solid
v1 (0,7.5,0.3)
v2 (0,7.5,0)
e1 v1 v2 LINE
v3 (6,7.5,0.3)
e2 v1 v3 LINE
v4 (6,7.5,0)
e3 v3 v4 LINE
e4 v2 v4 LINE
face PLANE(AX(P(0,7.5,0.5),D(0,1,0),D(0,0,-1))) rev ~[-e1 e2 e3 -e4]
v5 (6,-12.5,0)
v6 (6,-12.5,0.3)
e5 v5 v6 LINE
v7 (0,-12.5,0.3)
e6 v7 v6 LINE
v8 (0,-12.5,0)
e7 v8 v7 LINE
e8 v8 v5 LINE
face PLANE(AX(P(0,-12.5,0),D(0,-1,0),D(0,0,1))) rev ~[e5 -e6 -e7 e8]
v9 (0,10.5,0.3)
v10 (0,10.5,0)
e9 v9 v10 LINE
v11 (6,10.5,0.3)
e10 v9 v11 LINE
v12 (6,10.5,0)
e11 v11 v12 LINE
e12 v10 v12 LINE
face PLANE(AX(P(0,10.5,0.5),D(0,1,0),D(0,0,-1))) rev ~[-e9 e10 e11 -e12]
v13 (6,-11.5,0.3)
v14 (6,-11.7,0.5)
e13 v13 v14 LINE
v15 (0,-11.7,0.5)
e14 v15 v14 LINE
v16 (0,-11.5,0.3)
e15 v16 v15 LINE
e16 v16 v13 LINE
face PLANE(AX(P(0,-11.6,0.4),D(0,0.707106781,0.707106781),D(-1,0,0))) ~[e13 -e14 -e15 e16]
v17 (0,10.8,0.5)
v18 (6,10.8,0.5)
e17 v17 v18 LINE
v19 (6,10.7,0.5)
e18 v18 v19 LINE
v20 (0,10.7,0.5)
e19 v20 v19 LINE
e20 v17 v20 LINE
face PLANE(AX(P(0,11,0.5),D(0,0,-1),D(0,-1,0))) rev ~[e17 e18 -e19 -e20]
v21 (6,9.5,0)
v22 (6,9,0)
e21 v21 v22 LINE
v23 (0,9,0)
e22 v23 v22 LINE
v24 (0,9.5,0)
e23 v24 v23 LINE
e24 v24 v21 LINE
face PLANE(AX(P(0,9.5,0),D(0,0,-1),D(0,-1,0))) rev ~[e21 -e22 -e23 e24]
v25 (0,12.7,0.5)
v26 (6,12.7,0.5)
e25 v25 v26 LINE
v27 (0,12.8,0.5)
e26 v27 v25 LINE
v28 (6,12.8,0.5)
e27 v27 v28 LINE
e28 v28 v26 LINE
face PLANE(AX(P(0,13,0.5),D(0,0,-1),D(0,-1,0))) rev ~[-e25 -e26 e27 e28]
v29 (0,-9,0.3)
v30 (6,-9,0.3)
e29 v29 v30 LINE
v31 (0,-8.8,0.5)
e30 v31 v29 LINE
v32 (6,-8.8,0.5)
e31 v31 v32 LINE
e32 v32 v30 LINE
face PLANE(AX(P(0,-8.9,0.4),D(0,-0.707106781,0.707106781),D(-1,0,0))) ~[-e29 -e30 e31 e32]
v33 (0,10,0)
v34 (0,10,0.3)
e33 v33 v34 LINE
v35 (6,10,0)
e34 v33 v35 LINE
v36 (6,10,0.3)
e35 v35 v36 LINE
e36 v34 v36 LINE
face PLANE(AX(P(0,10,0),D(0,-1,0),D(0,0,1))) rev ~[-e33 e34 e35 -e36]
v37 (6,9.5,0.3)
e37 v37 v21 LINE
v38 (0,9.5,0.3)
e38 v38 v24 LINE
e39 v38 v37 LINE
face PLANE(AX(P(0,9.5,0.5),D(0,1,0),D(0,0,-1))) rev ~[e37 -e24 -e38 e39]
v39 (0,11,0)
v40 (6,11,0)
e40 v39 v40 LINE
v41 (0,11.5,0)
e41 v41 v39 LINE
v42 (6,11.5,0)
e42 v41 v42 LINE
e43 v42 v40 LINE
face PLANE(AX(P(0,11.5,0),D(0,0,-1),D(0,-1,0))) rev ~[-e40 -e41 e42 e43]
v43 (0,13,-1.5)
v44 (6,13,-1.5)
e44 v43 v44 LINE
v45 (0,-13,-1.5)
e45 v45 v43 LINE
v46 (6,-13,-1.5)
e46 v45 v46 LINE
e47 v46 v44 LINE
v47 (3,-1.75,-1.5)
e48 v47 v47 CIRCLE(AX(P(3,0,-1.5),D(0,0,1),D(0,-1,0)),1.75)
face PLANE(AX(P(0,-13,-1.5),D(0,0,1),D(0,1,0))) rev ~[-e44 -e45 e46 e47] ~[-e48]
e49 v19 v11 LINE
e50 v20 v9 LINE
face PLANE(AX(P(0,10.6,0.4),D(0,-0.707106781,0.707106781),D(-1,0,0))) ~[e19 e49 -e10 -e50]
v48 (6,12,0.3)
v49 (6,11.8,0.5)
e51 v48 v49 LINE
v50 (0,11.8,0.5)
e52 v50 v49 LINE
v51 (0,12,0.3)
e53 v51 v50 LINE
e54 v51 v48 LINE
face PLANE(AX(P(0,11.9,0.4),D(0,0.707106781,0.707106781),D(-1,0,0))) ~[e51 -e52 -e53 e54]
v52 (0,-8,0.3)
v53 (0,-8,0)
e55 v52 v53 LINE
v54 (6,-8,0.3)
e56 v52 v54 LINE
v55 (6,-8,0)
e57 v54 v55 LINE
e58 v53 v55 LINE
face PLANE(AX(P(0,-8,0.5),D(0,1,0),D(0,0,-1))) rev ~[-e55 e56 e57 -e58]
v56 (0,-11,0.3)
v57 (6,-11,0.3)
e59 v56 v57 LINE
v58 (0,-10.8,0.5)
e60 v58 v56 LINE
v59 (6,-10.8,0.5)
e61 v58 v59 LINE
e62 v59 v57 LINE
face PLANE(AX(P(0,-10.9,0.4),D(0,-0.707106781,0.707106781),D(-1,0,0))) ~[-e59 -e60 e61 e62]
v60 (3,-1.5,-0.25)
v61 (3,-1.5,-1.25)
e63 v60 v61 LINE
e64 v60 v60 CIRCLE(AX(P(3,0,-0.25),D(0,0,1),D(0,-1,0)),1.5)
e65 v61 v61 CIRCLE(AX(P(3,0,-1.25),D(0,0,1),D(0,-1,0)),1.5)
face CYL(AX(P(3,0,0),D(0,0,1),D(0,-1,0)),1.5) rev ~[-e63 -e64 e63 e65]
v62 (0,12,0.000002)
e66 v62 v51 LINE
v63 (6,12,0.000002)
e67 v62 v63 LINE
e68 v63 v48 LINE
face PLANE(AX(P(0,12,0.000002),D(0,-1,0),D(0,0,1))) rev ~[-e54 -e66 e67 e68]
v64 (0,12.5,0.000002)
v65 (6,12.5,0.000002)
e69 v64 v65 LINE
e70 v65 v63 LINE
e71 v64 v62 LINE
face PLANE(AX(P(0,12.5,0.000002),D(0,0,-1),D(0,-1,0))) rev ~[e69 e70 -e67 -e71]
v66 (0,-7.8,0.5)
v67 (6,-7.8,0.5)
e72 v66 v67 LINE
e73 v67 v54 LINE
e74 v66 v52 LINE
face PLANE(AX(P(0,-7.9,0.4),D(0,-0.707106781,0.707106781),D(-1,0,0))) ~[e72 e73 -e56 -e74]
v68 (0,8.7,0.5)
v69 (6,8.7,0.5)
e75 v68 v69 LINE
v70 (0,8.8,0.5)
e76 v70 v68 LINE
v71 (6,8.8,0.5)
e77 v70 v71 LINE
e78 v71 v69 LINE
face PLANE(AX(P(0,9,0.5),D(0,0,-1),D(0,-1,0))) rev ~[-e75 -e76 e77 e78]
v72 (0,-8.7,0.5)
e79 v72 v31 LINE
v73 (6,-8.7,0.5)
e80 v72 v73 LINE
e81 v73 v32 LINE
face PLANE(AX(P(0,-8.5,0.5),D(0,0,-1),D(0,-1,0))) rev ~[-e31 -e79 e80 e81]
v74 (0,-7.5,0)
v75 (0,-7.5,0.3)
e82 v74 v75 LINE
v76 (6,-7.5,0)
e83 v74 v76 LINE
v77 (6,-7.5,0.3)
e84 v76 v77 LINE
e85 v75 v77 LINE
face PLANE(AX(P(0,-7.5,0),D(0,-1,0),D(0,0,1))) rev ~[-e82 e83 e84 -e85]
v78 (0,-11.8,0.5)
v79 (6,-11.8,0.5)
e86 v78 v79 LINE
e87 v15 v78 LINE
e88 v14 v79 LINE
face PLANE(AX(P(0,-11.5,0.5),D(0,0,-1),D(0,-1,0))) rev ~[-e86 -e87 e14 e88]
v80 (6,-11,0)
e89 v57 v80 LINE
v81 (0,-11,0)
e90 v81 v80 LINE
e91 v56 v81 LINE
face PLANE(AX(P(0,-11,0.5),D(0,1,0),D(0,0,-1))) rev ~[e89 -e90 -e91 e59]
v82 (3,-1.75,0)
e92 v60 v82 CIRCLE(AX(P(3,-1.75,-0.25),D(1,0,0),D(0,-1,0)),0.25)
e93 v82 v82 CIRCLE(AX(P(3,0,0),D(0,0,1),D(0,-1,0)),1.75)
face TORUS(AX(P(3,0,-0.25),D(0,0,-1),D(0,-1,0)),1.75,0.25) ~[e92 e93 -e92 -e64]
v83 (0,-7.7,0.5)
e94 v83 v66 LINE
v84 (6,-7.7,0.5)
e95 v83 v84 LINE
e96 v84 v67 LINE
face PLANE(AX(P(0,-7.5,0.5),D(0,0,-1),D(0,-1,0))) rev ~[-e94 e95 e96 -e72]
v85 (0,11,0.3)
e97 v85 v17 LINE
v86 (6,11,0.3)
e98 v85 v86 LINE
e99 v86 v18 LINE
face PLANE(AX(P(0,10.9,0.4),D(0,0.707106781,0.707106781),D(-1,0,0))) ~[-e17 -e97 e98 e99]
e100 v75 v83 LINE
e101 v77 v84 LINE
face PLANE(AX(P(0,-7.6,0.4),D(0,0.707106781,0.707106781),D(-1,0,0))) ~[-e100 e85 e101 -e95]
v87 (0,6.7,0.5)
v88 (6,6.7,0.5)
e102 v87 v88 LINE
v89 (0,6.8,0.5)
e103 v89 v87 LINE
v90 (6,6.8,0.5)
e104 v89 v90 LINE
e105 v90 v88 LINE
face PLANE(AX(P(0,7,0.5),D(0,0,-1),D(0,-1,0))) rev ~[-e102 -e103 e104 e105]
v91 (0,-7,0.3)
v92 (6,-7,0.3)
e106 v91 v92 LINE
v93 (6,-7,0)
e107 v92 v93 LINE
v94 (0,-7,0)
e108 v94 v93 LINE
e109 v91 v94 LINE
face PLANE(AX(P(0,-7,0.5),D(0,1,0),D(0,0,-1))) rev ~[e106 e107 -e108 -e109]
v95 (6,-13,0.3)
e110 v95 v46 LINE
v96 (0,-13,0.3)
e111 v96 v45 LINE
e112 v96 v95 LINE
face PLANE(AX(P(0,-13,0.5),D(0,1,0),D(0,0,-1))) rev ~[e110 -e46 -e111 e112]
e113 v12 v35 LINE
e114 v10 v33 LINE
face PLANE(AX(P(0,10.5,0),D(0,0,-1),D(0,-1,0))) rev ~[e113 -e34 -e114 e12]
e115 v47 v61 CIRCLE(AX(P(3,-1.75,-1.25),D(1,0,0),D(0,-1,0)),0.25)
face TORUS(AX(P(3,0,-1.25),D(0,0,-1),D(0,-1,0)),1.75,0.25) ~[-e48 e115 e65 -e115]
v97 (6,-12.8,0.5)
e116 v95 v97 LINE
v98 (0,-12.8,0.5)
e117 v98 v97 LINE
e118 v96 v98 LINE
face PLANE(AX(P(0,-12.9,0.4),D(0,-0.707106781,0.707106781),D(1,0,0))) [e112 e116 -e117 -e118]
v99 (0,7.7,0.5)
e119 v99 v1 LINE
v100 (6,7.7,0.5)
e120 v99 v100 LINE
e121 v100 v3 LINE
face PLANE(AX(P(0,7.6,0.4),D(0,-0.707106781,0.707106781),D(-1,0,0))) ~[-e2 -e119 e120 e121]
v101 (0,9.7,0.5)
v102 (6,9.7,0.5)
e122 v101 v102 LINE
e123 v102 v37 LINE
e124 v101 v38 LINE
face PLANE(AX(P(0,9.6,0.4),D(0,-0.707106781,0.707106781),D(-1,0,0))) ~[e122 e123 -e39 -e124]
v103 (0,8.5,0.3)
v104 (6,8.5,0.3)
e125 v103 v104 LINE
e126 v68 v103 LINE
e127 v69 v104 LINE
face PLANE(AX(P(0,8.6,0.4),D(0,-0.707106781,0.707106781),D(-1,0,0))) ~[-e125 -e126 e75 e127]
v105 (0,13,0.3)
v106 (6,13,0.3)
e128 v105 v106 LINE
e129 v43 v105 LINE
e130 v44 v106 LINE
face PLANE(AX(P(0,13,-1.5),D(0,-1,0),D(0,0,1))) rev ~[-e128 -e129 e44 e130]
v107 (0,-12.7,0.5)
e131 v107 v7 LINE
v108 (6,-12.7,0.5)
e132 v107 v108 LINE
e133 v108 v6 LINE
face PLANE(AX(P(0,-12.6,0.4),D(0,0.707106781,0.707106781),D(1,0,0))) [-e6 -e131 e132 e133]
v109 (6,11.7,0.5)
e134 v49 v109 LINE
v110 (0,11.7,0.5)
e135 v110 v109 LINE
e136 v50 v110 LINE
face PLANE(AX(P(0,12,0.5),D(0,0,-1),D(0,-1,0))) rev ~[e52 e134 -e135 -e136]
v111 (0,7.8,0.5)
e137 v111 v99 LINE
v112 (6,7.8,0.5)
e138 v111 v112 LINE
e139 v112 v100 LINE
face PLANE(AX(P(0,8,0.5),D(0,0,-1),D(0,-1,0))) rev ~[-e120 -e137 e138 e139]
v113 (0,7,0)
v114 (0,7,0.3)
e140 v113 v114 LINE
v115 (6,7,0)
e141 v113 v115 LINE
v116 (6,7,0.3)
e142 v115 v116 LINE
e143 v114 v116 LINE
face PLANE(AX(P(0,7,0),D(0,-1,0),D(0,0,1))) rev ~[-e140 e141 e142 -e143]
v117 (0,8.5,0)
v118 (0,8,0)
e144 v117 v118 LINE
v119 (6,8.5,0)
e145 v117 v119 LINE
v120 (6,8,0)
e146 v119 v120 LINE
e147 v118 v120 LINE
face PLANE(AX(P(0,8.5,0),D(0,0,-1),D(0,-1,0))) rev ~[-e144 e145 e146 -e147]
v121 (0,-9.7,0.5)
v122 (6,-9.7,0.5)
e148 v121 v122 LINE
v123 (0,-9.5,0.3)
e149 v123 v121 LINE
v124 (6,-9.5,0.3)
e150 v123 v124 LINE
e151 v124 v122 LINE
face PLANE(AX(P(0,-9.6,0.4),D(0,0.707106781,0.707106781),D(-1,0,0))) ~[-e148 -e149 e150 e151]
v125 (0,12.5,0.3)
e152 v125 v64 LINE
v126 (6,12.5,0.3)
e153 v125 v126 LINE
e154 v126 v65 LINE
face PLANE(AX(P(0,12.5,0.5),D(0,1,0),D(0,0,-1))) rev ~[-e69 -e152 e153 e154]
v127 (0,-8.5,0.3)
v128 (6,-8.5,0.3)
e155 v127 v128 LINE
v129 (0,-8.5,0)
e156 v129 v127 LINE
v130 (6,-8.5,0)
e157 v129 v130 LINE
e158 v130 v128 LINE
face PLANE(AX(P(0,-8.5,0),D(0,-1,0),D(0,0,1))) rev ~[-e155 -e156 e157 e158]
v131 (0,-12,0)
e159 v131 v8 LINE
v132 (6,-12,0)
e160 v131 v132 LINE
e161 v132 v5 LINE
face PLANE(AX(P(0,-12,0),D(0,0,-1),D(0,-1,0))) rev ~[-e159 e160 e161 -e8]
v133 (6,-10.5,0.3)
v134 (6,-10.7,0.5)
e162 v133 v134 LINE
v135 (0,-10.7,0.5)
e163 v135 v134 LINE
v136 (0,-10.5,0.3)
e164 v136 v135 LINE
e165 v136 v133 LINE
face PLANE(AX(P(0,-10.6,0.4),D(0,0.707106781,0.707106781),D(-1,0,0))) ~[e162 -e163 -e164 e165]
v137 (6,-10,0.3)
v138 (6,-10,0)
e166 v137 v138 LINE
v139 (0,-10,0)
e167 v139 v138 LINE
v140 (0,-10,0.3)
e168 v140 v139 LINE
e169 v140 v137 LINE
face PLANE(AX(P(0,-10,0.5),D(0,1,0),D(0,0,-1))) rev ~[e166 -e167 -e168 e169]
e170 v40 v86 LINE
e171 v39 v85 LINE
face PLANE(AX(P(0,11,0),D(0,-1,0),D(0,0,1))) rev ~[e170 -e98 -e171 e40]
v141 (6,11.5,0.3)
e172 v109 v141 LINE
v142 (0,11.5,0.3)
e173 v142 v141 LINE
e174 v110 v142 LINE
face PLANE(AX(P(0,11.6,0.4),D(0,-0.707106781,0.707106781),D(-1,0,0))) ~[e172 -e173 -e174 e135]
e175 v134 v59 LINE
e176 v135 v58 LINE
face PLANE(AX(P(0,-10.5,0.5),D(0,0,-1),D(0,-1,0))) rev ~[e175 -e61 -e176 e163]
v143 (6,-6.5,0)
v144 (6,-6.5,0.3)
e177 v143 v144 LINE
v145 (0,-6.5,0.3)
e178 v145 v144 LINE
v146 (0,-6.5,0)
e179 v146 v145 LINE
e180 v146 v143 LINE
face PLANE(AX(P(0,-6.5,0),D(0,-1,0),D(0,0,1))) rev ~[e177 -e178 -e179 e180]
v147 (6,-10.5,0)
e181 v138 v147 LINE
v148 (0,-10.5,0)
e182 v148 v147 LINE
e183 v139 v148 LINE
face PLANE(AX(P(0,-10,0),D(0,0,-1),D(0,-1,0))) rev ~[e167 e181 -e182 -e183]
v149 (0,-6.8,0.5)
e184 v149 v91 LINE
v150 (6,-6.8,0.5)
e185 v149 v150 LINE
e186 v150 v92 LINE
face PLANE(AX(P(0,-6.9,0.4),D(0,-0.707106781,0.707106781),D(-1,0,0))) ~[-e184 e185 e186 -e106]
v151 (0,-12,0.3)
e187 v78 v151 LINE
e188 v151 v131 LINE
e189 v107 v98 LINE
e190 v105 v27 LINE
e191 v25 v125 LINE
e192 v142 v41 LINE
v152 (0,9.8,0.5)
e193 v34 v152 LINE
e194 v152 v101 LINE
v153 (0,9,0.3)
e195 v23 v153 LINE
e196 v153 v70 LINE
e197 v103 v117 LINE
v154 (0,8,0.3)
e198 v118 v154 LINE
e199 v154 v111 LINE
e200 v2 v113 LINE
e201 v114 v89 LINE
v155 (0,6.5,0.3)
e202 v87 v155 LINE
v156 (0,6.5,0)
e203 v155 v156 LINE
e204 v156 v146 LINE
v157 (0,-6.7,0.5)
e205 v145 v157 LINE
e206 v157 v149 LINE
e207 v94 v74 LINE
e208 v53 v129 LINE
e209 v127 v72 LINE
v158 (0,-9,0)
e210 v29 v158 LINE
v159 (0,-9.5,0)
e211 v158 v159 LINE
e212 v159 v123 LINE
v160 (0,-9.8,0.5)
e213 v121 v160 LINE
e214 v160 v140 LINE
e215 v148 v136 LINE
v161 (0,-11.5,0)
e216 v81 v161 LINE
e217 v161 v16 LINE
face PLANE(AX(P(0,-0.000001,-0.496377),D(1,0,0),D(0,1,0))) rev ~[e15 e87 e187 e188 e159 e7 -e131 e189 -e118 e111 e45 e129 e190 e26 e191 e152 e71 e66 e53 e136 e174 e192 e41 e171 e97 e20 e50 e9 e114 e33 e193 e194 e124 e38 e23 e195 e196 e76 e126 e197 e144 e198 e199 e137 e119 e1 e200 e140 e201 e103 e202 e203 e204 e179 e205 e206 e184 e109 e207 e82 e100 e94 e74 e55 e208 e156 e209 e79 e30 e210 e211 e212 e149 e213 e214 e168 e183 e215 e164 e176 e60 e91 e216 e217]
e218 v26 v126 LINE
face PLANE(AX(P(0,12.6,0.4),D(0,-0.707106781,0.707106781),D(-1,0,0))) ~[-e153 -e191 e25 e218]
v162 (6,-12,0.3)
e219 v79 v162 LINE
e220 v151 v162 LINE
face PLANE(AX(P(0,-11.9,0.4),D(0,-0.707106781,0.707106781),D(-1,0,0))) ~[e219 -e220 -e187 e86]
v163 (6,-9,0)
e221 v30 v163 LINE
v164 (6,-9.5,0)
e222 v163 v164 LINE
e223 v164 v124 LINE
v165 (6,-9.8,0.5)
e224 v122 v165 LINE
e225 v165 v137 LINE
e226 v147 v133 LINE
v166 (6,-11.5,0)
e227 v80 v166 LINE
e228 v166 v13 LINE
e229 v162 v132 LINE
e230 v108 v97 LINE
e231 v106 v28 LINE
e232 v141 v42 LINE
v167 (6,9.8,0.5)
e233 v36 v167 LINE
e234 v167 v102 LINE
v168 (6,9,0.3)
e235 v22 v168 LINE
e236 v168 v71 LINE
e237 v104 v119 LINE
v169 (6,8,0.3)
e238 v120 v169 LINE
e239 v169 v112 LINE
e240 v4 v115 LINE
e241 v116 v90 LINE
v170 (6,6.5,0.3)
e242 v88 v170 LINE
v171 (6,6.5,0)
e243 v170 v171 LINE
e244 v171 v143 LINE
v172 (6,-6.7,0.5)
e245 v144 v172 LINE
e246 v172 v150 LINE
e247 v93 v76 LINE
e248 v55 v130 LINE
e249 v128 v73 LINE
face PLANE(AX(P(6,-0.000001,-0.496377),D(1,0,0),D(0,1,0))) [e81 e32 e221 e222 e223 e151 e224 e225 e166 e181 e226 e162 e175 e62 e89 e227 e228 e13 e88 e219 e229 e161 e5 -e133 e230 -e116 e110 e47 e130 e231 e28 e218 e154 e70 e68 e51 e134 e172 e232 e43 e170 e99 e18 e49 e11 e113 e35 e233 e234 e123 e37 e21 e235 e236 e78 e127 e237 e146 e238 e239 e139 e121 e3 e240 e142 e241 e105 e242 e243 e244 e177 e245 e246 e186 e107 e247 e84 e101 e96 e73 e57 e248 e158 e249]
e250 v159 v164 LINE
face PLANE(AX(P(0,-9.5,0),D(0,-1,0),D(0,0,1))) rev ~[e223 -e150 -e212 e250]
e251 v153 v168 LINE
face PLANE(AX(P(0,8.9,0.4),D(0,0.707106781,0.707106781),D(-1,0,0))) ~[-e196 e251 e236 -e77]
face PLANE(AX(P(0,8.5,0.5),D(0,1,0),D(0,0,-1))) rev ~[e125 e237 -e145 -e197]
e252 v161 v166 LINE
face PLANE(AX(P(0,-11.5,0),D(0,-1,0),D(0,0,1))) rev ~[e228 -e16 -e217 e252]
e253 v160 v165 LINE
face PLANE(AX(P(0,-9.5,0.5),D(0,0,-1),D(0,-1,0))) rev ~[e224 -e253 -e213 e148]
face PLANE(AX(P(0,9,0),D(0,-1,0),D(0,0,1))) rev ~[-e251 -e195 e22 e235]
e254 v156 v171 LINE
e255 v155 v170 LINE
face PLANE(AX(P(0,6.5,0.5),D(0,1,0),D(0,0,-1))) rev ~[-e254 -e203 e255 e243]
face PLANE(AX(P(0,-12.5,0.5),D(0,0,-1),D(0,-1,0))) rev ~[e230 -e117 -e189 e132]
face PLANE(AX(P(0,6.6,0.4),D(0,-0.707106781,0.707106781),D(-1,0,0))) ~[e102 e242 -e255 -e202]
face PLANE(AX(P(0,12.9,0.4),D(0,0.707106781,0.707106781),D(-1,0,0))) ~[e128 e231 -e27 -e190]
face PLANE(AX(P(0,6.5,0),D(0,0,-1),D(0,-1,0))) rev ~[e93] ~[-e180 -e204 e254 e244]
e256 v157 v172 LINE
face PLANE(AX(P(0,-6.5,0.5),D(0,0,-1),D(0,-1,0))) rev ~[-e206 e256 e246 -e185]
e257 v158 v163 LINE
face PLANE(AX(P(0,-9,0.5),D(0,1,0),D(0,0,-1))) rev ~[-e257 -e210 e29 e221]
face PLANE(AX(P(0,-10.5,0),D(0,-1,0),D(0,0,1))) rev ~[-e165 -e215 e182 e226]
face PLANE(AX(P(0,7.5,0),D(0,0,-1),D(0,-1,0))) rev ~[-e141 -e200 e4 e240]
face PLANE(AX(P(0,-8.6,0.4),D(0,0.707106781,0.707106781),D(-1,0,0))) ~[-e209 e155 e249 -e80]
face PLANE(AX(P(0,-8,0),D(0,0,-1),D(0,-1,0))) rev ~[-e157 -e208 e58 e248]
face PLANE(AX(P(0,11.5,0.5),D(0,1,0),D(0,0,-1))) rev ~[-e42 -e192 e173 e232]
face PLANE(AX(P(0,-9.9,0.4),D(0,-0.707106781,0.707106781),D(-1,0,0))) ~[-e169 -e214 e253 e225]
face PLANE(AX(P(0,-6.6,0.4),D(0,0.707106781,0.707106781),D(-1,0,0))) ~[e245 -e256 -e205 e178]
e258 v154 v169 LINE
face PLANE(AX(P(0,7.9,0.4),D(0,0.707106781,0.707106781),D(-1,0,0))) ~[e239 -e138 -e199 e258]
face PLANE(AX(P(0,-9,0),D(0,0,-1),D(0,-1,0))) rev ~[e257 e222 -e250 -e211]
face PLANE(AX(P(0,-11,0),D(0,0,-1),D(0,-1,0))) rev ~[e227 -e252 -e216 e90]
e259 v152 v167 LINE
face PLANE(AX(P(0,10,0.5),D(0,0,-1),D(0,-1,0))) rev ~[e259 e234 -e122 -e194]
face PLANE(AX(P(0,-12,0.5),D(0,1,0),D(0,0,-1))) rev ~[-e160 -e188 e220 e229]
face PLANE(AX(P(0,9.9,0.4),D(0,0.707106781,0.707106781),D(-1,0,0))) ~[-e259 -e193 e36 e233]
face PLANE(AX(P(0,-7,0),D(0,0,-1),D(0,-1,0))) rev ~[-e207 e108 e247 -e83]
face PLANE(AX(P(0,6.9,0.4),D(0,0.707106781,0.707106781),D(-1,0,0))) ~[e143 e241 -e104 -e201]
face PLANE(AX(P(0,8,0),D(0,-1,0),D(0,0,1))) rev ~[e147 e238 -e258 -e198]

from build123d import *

# Parameters (mm, degrees)
PAD_DEPTH    = 6
SKETCH001_R  = 1.5
HOLE_DEPTH   = 25
FILLET_R     = 0.25
CHAMFER_SIZE = 0.2


with BuildPart() as part:
    # Sketch → Pad (new body)
    with BuildSketch(Plane.YZ):
        Polygon((-13, 0.5), (-13, -1.5), (13, -1.5), (13, 0.5), (12.5, 0.5), (12.5, 2e-06), (12, 2e-06), (12, 0.5), (11.5, 0.5), (11.5, 0), (11, 0), (11, 0.5), (10.5, 0.5), (10.5, 0), (10, 0), (10, 0.5), (9.5, 0.5), (9.5, 0), (9, 0), (9, 0.5), (8.5, 0.5), (8.5, 0), (8, 0), (8, 0.5), (7.5, 0.5), (7.5, 0), (7, 0), (7, 0.5), (6.5, 0.5), (6.5, 0), (0, 0), (-6.5, 0), (-6.5, 0.5), (-7, 0.5), (-7, 0), (-7.5, 0), (-7.5, 0.5), (-8, 0.5), (-8, 0), (-8.5, 0), (-8.5, 0.5), (-9, 0.5), (-9, 0), (-9.5, 0), (-9.5, 0.5), (-10, 0.5), (-10, 0), (-10.5, 0), (-10.5, 0.5), (-11, 0.5), (-11, 0), (-11.5, 0), (-11.5, 0.5), (-12, 0.5), (-12, 0), (-12.5, 0), (-12.5, 0.5), align=None)
    extrude(amount=PAD_DEPTH)

    # Sketch001 (on Face58 of Pad) → Hole (cut)
    with BuildSketch(Plane(origin=(0, 0, 0), x_dir=(0, -1, 0), z_dir=(0, 0, 1))):
        with Locations((0, 3)):
            Circle(SKETCH001_R)
    extrude(amount=-HOLE_DEPTH, mode=Mode.SUBTRACT)

    # Fillet
    fillet_edges = [part.edges().sort_by_distance(p)[0] for p in [
        (3, -1.5, 0),
        (3, -1.5, -1.5),
    ]]
    fillet(fillet_edges, radius=FILLET_R)

    # Chamfer
    chamfer_edges = [part.edges().sort_by_distance(p)[0] for p in [
        (3, -13, 0.5),
        (3, -12, 0.5),
        (3, -12.5, 0.5),
        (3, -11.5, 0.5),
        (3, -11, 0.5),
        (3, -10.5, 0.5),
        (3, -10, 0.5),
        (3, -9.5, 0.5),
        (3, -9, 0.5),
        (3, -8.5, 0.5),
        (3, -8, 0.5),
        (3, -7.5, 0.5),
        (3, -7, 0.5),
        (3, -6.5, 0.5),
        (3, 6.5, 0.5),
        (3, 7, 0.5),
        (3, 7.5, 0.5),
        (3, 8, 0.5),
        (3, 8.5, 0.5),
        (3, 9, 0.5),
        (3, 9.5, 0.5),
        (3, 10, 0.5),
        (3, 10.5, 0.5),
        (3, 11, 0.5),
        (3, 11.5, 0.5),
        (3, 12, 0.5),
        (3, 12.5, 0.5),
        (3, 13, 0.5),
    ]]
    chamfer(chamfer_edges, length=CHAMFER_SIZE)


solid = part.part
